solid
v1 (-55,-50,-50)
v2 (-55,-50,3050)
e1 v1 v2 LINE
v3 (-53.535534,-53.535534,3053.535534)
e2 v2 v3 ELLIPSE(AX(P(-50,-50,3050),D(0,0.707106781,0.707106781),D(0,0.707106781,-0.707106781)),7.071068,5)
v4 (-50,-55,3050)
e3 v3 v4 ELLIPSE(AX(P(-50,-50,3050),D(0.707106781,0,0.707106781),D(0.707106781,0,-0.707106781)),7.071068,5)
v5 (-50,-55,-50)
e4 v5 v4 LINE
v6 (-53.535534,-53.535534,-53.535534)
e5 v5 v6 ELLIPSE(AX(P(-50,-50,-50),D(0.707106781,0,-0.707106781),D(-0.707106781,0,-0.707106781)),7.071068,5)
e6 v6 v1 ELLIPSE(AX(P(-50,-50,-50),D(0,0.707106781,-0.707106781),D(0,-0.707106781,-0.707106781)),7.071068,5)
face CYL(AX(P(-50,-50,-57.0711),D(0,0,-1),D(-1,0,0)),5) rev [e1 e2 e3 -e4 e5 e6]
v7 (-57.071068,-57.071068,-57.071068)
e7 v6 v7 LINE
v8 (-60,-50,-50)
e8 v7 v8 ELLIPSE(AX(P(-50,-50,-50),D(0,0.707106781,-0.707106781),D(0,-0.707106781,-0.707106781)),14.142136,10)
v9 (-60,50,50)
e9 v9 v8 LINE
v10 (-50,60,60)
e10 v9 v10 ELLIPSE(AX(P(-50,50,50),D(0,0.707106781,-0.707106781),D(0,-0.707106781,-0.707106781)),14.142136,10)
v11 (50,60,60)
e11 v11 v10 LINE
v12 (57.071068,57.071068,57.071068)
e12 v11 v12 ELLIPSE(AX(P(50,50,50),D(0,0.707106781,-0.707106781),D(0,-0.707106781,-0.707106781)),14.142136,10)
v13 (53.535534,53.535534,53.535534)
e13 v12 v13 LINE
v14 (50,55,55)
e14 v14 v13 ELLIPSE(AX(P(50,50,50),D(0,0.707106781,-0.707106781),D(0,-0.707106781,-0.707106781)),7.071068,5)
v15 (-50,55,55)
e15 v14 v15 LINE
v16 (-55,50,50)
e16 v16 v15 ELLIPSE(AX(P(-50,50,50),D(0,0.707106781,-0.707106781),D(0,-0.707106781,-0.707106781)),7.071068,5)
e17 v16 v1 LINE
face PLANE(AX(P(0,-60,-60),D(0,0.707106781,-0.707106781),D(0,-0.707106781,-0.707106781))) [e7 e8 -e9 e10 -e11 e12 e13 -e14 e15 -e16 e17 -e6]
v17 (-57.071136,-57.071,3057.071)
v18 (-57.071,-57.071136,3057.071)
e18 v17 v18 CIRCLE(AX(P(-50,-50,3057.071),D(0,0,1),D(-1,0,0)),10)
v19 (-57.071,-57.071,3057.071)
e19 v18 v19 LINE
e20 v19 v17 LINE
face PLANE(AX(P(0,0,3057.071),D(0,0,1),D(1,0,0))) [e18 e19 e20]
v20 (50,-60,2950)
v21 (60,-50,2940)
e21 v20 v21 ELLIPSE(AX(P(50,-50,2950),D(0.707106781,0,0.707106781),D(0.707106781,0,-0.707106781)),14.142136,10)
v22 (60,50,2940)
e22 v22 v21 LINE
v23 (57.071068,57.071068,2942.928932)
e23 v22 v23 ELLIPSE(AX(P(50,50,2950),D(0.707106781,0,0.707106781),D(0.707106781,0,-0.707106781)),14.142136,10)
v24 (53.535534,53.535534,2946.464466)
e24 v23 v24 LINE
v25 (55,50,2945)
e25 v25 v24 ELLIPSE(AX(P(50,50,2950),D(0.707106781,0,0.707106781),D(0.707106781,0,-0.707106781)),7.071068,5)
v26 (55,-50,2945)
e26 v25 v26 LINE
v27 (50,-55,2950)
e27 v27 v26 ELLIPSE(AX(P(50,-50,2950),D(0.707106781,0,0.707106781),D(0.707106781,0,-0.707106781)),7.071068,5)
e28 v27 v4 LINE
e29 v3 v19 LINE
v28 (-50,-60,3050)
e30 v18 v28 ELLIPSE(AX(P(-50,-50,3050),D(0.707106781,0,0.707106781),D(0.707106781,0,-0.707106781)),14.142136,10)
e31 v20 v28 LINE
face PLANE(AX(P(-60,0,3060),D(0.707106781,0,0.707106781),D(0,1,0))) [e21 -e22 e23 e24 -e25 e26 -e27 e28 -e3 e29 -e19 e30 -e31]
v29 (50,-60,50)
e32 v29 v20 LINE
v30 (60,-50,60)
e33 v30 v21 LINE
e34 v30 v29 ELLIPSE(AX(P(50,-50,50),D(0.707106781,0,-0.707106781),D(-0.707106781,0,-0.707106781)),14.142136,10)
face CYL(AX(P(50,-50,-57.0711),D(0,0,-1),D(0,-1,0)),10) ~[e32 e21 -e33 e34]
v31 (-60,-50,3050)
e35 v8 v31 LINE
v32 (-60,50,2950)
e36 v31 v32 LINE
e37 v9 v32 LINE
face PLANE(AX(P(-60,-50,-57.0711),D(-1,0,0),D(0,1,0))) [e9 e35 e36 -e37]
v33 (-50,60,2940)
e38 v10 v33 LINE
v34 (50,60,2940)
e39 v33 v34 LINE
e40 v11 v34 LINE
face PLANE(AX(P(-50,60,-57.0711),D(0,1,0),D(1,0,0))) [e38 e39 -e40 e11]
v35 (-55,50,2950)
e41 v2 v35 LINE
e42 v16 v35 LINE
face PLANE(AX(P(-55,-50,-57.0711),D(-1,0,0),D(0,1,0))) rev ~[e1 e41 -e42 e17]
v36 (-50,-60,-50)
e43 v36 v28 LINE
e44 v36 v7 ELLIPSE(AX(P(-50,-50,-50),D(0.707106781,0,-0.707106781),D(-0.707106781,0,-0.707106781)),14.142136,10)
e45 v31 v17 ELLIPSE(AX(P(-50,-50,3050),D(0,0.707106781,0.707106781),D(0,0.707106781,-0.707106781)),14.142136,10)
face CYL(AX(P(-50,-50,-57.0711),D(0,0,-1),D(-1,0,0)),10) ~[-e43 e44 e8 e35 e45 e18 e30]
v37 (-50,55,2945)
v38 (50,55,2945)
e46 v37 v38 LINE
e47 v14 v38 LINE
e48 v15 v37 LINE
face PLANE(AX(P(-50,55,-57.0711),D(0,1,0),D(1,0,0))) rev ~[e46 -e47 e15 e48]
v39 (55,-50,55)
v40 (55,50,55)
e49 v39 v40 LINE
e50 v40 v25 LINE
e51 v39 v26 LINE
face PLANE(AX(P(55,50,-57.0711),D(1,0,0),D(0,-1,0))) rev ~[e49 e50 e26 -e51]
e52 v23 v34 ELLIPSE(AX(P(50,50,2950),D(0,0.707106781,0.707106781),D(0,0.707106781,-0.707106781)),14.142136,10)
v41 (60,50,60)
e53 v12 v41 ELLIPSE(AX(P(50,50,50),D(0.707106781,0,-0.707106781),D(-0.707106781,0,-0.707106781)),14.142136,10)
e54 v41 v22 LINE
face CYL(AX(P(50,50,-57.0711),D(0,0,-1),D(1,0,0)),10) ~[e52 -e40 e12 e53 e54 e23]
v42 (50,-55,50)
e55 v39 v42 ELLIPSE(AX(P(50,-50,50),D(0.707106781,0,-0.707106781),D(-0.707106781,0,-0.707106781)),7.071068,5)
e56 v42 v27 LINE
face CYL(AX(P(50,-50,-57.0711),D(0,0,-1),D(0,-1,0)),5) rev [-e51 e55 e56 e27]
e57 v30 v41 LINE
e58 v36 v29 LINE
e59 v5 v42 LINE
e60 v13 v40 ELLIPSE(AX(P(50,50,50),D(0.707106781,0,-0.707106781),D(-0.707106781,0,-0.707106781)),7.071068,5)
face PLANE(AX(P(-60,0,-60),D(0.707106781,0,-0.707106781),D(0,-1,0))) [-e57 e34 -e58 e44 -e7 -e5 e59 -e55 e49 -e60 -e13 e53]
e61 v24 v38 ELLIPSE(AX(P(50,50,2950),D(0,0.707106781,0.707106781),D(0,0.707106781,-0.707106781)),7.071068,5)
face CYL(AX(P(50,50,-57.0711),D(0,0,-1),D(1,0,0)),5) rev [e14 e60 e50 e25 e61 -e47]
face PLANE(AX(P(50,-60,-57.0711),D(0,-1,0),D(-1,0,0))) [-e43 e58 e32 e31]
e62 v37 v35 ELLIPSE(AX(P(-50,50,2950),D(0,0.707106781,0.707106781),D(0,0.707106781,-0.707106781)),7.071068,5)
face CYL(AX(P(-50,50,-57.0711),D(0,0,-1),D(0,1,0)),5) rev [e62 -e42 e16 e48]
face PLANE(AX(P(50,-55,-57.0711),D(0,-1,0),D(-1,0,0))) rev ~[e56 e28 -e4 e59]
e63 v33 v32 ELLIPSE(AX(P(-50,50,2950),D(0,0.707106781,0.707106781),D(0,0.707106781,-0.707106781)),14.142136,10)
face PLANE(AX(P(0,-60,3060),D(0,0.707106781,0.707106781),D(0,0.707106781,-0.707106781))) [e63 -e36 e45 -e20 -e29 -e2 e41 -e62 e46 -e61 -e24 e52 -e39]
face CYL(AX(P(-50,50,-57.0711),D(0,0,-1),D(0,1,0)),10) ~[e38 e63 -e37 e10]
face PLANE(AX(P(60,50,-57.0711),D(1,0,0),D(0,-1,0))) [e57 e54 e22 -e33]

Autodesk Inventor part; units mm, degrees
ref_plane "Start Plane" through (0, 0, -57.0711) normal (0, 0, 1) x (1, 0, 0)
ref_plane "End Plane" through (0, 0, 3057.0711) normal (0, 0, 1) x (1, 0, 0)
sketch "Sketch" plane through (0, 0, 0) normal (0, 0, 1) x (1, 0, 0)
  line L0 (-60, -50) -> (-60, 50)
  line L1 (-50, 60) -> (50, 60)
  line L2 (60, 50) -> (60, -50)
  line L3 (50, -60) -> (-50, -60)
  arc A0 (-60, -50) -> (-50, -60) centre (-50, -50) ccw
  arc A1 (60, 50) -> (50, 60) centre (50, 50) ccw
  arc A2 (-50, 60) -> (-60, 50) centre (-50, 50) ccw
  arc A3 (50, -60) -> (60, -50) centre (50, -50) ccw
  arc A4 (-50, 55) -> (-55, 50) centre (-50, 50) ccw
  line L4 (-50, 55) -> (50, 55)
  arc A5 (55, 50) -> (50, 55) centre (50, 50) ccw
  line L5 (55, 50) -> (55, -50)
  arc A6 (50, -55) -> (55, -50) centre (50, -50) ccw
  line L6 (50, -55) -> (-50, -55)
  arc A7 (-55, -50) -> (-50, -55) centre (-50, -50) ccw
  line L7 (-55, -50) -> (-55, 50)
  line L8 (0, 86.8995) -> (0, -86.8995) construction
  line L9 (-86.8995, 0) -> (86.8995, 0) construction
  dimension "d7" = 10
  dimension "d9" = 120
  dimension "d11" = 120
  dimension "d12" = 5
  dimension "d15" = 60
  dimension "d16" = 60
extrude "Body" add sketch "Sketch" along normal up to surface (3114.1421 mm away) from surface at -57.0711
sketch "Sketch3" plane through (0, 0, 0) normal (0, 0, 1) x (1, 0, 0)
  line L0 (0, 0) -> (10, 0)
ref_plane "Work Plane3" through (0, 0, 0) normal (0, -1, 0) x (1, 0, 0)
ref_plane "Work Plane4" through (-60, 0, 3060) normal (0.7071, 0, 0.7071) x (0.7071, 0, -0.7071)
split "Split1" plane through (-60, 0, 3060) removes the side toward (0.7071, 0, 0.7071)
ref_plane "Work Plane5" through (0, -60, 3060) normal (0, 0.7071, 0.7071) x (1, 0, 0)
split "Split2" plane through (0, -60, 3060) removes the side toward (0, 0.7071, 0.7071)
ref_plane "Work Plane6" through (0, -60, -60) normal (0, 0.7071, -0.7071) x (1, 0, 0)
split "Split3" plane through (0, -60, -60) removes the side toward (0, 0.7071, -0.7071)
ref_plane "Work Plane7" through (-60, 0, -60) normal (0.7071, 0, -0.7071) x (-0.7071, 0, -0.7071)
split "Split4" plane through (-60, 0, -60) removes the side toward (0.7071, 0, -0.7071)
sketch "Sketch4" plane through (0, 0, 0) normal (0, -1, 0) x (1, 0, 0)
  line L0 (-2, -57.0711) -> (12, -57.0711) projected
  line L1 (-2, 3057.0711) -> (12, 3057.0711) projected
  dimension "d18" = 3114.1421
equation "\"d7\" = G_IR"
equation "\"d9\" = G_W"
equation "\"d11\" = G_H"
equation "\"d12\" = G_T"
equation "\"d15\" = 0.5 * d9"
equation "\"d16\" = 0.5 * d11"
equation "\"d3\" = G_L"
equation "\"G_W\" = 120"
equation "\"G_H\" = 120"
equation "\"G_T\" = 5"
equation "\"G_IR\" = 10"
equation "\"G_L\" = d18"
equation "\"G_OFFSET_START\" = 57.07107"
equation "\"G_OFFSET_END\" = 57.07107"
equation "\"d13\" = -G_OFFSET_START"
equation "\"d14\" = G_OFFSET_END + B_L"
equation "\"B_L\" = 3000"
properties part number "ISO 10799-2 - 120x120x5 - 3114,14" material "Steel, Mild"
